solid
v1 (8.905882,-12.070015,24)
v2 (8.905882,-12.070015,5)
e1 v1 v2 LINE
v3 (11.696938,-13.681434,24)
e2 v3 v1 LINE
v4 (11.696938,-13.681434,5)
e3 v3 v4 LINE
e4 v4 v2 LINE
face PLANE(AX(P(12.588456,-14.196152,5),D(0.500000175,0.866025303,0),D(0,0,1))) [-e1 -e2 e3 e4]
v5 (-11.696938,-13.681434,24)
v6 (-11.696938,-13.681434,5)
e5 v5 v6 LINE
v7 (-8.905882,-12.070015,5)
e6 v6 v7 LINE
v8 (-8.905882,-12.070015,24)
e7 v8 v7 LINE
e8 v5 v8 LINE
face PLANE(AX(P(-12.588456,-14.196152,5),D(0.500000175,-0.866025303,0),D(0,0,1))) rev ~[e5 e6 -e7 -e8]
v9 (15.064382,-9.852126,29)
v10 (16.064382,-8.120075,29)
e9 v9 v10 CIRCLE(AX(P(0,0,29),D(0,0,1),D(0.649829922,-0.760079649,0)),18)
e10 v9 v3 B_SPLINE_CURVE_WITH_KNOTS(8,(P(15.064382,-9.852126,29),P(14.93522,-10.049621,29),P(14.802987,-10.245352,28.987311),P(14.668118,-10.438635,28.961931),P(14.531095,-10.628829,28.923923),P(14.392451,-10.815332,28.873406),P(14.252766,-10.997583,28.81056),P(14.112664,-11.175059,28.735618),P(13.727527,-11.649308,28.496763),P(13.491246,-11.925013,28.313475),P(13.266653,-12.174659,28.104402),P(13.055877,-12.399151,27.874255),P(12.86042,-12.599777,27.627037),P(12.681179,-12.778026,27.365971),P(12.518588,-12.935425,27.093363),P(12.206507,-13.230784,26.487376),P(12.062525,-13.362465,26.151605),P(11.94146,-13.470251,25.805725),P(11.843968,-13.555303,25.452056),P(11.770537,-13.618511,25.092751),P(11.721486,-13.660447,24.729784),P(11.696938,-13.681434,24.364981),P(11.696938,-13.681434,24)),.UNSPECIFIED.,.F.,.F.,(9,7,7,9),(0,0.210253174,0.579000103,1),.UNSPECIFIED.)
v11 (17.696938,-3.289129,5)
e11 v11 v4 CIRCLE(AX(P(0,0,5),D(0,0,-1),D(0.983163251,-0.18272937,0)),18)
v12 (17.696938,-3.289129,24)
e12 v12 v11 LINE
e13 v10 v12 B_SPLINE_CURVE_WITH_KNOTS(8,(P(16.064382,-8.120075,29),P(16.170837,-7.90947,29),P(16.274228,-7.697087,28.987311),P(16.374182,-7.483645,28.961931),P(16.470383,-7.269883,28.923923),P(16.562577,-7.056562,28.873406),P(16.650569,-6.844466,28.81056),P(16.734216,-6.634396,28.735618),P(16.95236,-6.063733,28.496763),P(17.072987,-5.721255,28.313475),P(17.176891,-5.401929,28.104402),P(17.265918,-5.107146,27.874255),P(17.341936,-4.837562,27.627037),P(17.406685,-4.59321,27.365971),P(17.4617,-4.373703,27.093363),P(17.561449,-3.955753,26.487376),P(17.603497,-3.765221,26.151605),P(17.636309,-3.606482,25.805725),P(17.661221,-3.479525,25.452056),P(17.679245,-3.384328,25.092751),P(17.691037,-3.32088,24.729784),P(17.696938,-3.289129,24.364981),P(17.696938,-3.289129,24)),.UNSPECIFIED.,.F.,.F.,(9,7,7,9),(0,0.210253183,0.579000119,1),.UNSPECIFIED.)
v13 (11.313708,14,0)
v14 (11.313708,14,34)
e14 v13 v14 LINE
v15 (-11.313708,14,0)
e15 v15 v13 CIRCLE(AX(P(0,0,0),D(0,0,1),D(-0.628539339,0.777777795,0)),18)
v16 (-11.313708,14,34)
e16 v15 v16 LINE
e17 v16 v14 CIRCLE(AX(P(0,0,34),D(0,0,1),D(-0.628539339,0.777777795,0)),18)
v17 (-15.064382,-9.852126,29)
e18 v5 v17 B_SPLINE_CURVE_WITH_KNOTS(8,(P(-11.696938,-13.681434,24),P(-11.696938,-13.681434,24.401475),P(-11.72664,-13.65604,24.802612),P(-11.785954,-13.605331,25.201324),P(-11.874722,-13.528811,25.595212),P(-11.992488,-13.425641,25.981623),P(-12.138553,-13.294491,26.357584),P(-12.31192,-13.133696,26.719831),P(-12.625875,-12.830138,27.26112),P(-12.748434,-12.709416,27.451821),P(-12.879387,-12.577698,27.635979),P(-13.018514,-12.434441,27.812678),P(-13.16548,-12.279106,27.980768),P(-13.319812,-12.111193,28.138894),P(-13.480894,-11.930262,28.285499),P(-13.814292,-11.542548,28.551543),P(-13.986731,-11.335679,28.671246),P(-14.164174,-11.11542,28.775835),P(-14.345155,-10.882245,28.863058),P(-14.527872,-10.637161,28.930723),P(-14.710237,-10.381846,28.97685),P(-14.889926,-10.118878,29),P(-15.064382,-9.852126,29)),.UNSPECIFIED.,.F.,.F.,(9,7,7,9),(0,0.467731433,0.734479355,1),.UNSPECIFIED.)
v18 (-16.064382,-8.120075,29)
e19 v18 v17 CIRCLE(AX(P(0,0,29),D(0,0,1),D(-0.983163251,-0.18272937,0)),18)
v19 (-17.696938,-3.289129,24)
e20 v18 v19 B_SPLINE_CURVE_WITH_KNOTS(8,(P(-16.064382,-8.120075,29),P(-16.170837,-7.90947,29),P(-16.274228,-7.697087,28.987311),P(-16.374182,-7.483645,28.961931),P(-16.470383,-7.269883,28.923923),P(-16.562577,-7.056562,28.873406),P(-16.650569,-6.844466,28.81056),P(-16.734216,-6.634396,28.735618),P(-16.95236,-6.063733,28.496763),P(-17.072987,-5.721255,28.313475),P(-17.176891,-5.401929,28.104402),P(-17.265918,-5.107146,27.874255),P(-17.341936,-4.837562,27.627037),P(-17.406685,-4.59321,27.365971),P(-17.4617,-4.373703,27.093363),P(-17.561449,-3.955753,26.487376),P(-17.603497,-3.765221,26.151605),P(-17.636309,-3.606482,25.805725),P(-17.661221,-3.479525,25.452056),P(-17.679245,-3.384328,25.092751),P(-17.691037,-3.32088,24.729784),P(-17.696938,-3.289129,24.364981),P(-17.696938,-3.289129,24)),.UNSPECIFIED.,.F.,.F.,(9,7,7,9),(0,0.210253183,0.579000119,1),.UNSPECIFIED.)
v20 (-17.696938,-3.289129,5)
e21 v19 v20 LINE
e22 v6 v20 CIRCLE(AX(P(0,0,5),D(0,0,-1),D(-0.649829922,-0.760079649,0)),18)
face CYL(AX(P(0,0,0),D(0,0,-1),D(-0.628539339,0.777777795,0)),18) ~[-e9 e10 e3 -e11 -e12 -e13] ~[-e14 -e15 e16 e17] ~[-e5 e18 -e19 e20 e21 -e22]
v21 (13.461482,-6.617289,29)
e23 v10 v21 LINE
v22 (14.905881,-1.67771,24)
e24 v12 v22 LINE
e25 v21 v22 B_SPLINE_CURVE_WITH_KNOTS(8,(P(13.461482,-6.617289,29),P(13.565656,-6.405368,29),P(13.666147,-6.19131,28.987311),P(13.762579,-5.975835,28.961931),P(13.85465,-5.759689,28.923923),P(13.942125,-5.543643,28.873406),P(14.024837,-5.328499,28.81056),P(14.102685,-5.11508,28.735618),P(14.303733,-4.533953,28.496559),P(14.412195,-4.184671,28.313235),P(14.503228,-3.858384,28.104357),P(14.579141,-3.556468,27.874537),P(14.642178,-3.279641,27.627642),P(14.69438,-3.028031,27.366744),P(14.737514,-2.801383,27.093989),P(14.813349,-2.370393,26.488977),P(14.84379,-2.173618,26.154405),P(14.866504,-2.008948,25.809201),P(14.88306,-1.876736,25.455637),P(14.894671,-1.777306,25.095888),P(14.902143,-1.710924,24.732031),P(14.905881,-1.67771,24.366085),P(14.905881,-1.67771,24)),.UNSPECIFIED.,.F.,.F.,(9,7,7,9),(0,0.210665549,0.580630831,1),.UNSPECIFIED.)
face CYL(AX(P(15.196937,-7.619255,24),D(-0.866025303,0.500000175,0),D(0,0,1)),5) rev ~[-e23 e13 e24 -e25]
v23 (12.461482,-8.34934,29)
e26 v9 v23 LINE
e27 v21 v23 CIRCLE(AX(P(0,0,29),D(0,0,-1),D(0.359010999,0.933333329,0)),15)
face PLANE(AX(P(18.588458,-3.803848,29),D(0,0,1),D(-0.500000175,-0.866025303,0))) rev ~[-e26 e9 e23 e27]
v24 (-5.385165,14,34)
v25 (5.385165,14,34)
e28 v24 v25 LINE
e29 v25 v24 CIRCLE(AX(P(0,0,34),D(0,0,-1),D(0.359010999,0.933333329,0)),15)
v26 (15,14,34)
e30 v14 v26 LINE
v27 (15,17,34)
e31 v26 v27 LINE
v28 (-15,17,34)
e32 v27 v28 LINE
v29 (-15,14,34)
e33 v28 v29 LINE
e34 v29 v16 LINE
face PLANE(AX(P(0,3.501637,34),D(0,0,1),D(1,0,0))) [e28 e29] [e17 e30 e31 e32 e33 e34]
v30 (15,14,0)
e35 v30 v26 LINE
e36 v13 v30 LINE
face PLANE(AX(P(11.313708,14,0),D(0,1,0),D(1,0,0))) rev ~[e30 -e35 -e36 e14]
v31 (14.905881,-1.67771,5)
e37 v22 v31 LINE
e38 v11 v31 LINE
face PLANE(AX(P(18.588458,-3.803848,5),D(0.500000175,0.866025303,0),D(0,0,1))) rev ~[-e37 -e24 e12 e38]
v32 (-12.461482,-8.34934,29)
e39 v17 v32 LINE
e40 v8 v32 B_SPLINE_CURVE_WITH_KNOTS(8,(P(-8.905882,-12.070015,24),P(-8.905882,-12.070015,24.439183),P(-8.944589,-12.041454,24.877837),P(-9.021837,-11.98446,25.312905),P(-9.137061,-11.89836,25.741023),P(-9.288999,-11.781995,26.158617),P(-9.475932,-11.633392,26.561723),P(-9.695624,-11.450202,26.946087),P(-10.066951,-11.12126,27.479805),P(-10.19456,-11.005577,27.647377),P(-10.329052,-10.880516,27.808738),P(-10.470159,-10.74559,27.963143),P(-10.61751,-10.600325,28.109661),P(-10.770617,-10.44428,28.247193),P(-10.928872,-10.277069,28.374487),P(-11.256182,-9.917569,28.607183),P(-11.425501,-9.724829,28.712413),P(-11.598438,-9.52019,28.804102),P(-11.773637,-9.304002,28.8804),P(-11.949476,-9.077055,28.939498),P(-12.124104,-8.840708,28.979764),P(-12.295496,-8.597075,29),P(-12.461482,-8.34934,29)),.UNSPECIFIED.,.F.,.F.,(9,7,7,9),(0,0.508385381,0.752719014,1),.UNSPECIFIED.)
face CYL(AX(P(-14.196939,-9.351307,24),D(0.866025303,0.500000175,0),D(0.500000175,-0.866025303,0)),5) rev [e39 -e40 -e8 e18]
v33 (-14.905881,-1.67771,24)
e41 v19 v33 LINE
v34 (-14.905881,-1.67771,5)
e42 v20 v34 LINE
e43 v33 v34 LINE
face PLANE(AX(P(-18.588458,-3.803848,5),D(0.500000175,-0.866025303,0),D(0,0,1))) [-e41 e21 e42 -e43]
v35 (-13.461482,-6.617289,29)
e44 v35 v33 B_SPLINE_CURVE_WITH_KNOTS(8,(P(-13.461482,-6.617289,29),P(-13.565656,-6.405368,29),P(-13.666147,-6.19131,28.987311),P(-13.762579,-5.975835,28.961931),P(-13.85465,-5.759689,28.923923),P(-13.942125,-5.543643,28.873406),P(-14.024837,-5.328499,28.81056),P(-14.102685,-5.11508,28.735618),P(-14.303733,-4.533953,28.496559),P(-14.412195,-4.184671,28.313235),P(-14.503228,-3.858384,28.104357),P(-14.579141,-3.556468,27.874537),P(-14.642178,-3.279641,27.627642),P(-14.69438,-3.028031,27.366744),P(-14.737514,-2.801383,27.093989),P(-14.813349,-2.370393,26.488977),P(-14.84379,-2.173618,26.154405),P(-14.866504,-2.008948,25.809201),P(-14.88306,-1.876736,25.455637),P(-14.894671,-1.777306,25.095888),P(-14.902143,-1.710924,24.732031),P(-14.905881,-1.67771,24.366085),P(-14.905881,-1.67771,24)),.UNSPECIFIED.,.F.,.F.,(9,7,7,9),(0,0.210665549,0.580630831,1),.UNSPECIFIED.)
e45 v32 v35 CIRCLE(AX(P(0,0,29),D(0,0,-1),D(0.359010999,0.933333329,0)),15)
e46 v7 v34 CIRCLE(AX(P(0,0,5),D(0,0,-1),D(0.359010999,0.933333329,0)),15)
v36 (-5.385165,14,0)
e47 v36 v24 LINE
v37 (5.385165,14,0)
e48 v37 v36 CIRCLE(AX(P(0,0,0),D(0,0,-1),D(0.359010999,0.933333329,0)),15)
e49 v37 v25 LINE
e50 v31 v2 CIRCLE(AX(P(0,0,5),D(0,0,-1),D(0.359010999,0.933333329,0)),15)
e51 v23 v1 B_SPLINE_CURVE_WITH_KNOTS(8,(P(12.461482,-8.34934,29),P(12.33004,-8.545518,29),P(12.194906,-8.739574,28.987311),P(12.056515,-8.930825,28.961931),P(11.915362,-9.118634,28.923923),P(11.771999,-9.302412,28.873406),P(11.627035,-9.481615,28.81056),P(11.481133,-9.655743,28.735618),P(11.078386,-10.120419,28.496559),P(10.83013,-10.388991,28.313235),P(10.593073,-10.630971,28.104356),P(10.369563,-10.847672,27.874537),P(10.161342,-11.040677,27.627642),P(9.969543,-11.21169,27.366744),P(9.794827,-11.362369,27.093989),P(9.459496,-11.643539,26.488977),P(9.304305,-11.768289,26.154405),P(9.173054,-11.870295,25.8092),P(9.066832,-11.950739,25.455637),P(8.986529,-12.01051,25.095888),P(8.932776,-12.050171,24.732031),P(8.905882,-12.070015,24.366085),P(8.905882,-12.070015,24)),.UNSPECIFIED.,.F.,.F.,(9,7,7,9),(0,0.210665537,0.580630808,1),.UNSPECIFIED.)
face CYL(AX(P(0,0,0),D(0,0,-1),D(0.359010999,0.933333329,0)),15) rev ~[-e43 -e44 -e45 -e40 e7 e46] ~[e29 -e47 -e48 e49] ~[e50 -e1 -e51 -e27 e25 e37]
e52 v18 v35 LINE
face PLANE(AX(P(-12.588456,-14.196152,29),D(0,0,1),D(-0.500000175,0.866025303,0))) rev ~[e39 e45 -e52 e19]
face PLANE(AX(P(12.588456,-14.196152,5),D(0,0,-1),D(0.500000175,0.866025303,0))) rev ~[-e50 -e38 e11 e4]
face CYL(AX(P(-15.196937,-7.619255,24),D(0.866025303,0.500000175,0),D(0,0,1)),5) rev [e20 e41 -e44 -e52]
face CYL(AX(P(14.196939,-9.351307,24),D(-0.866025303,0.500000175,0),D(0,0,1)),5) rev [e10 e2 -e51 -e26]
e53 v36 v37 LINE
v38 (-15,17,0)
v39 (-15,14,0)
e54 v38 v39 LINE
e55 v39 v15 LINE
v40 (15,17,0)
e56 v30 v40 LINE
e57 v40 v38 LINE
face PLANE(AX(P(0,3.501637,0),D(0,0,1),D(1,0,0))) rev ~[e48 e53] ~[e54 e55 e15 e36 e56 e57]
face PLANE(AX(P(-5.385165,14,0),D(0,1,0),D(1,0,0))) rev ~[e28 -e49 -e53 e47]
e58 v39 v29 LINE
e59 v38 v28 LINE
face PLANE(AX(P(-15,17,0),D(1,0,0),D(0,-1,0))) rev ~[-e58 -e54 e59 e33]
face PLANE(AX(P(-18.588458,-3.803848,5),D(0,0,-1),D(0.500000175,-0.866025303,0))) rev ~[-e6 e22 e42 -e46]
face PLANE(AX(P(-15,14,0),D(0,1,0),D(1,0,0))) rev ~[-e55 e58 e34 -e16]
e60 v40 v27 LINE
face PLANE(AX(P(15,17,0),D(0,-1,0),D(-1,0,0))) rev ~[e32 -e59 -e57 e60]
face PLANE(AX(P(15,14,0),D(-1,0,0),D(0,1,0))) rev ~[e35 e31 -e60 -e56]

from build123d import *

# Parameters (mm, degrees)
F1_DEPTH  = 34
F9_W      = 6
F9_H      = 24
F10_DEPTH = 10
F11_W     = 6
F11_H     = 24
F12_DEPTH = 10
F13_R     = 5


with BuildPart() as f1:
    # F0 (on Top) → F1 (new body)
    with BuildSketch(Plane.XY):
        with BuildLine():
            Line((-15, 14), (-11.313708, 14))
            ThreePointArc((-11.313708, 14), (0, -18), (11.313708, 14))
            Line((11.313708, 14), (15, 14))
            Line((15, 14), (15, 17))
            Line((15, 17), (-15, 17))
            Line((-15, 17), (-15, 14))
        make_face()
        with BuildLine():
            ThreePointArc((5.385165, 14), (0, -15), (-5.385165, 14))
            Line((-5.385165, 14), (5.385165, 14))
        make_face(mode=Mode.SUBTRACT)
    extrude(amount=F1_DEPTH)

    # F9 (on face) → F10 (cut)
    with BuildSketch(Plane(origin=(-15.588457, -9, 0), x_dir=(0.5, -0.866025, 0), z_dir=(-0.866025, -0.5, 0))):
        with Locations((-3, 17)):
            Rectangle(F9_W, F9_H)
        with Locations((3, 17)):
            Rectangle(F9_W, F9_H)
    extrude(amount=-F10_DEPTH, mode=Mode.SUBTRACT)

    # F11 (on face) → F12 (cut)
    with BuildSketch(Plane(origin=(15.588457, -9, 0), x_dir=(0.5, 0.866025, 0), z_dir=(0.866025, -0.5, 0))):
        with Locations((-3, 17)):
            Rectangle(F11_W, F11_H)
        with Locations((3, 17)):
            Rectangle(F11_W, F11_H)
    extrude(amount=-F12_DEPTH, mode=Mode.SUBTRACT)

    # F13
    f13_edges = [f1.edges().sort_by_distance(p)[0] for p in [
        (16.30141, -2.48342, 29),
        (10.30141, -12.875725, 29),
        (-16.30141, -2.48342, 29),
        (-10.30141, -12.875725, 29),
    ]]
    fillet(f13_edges, radius=F13_R)


solid = f1.part
